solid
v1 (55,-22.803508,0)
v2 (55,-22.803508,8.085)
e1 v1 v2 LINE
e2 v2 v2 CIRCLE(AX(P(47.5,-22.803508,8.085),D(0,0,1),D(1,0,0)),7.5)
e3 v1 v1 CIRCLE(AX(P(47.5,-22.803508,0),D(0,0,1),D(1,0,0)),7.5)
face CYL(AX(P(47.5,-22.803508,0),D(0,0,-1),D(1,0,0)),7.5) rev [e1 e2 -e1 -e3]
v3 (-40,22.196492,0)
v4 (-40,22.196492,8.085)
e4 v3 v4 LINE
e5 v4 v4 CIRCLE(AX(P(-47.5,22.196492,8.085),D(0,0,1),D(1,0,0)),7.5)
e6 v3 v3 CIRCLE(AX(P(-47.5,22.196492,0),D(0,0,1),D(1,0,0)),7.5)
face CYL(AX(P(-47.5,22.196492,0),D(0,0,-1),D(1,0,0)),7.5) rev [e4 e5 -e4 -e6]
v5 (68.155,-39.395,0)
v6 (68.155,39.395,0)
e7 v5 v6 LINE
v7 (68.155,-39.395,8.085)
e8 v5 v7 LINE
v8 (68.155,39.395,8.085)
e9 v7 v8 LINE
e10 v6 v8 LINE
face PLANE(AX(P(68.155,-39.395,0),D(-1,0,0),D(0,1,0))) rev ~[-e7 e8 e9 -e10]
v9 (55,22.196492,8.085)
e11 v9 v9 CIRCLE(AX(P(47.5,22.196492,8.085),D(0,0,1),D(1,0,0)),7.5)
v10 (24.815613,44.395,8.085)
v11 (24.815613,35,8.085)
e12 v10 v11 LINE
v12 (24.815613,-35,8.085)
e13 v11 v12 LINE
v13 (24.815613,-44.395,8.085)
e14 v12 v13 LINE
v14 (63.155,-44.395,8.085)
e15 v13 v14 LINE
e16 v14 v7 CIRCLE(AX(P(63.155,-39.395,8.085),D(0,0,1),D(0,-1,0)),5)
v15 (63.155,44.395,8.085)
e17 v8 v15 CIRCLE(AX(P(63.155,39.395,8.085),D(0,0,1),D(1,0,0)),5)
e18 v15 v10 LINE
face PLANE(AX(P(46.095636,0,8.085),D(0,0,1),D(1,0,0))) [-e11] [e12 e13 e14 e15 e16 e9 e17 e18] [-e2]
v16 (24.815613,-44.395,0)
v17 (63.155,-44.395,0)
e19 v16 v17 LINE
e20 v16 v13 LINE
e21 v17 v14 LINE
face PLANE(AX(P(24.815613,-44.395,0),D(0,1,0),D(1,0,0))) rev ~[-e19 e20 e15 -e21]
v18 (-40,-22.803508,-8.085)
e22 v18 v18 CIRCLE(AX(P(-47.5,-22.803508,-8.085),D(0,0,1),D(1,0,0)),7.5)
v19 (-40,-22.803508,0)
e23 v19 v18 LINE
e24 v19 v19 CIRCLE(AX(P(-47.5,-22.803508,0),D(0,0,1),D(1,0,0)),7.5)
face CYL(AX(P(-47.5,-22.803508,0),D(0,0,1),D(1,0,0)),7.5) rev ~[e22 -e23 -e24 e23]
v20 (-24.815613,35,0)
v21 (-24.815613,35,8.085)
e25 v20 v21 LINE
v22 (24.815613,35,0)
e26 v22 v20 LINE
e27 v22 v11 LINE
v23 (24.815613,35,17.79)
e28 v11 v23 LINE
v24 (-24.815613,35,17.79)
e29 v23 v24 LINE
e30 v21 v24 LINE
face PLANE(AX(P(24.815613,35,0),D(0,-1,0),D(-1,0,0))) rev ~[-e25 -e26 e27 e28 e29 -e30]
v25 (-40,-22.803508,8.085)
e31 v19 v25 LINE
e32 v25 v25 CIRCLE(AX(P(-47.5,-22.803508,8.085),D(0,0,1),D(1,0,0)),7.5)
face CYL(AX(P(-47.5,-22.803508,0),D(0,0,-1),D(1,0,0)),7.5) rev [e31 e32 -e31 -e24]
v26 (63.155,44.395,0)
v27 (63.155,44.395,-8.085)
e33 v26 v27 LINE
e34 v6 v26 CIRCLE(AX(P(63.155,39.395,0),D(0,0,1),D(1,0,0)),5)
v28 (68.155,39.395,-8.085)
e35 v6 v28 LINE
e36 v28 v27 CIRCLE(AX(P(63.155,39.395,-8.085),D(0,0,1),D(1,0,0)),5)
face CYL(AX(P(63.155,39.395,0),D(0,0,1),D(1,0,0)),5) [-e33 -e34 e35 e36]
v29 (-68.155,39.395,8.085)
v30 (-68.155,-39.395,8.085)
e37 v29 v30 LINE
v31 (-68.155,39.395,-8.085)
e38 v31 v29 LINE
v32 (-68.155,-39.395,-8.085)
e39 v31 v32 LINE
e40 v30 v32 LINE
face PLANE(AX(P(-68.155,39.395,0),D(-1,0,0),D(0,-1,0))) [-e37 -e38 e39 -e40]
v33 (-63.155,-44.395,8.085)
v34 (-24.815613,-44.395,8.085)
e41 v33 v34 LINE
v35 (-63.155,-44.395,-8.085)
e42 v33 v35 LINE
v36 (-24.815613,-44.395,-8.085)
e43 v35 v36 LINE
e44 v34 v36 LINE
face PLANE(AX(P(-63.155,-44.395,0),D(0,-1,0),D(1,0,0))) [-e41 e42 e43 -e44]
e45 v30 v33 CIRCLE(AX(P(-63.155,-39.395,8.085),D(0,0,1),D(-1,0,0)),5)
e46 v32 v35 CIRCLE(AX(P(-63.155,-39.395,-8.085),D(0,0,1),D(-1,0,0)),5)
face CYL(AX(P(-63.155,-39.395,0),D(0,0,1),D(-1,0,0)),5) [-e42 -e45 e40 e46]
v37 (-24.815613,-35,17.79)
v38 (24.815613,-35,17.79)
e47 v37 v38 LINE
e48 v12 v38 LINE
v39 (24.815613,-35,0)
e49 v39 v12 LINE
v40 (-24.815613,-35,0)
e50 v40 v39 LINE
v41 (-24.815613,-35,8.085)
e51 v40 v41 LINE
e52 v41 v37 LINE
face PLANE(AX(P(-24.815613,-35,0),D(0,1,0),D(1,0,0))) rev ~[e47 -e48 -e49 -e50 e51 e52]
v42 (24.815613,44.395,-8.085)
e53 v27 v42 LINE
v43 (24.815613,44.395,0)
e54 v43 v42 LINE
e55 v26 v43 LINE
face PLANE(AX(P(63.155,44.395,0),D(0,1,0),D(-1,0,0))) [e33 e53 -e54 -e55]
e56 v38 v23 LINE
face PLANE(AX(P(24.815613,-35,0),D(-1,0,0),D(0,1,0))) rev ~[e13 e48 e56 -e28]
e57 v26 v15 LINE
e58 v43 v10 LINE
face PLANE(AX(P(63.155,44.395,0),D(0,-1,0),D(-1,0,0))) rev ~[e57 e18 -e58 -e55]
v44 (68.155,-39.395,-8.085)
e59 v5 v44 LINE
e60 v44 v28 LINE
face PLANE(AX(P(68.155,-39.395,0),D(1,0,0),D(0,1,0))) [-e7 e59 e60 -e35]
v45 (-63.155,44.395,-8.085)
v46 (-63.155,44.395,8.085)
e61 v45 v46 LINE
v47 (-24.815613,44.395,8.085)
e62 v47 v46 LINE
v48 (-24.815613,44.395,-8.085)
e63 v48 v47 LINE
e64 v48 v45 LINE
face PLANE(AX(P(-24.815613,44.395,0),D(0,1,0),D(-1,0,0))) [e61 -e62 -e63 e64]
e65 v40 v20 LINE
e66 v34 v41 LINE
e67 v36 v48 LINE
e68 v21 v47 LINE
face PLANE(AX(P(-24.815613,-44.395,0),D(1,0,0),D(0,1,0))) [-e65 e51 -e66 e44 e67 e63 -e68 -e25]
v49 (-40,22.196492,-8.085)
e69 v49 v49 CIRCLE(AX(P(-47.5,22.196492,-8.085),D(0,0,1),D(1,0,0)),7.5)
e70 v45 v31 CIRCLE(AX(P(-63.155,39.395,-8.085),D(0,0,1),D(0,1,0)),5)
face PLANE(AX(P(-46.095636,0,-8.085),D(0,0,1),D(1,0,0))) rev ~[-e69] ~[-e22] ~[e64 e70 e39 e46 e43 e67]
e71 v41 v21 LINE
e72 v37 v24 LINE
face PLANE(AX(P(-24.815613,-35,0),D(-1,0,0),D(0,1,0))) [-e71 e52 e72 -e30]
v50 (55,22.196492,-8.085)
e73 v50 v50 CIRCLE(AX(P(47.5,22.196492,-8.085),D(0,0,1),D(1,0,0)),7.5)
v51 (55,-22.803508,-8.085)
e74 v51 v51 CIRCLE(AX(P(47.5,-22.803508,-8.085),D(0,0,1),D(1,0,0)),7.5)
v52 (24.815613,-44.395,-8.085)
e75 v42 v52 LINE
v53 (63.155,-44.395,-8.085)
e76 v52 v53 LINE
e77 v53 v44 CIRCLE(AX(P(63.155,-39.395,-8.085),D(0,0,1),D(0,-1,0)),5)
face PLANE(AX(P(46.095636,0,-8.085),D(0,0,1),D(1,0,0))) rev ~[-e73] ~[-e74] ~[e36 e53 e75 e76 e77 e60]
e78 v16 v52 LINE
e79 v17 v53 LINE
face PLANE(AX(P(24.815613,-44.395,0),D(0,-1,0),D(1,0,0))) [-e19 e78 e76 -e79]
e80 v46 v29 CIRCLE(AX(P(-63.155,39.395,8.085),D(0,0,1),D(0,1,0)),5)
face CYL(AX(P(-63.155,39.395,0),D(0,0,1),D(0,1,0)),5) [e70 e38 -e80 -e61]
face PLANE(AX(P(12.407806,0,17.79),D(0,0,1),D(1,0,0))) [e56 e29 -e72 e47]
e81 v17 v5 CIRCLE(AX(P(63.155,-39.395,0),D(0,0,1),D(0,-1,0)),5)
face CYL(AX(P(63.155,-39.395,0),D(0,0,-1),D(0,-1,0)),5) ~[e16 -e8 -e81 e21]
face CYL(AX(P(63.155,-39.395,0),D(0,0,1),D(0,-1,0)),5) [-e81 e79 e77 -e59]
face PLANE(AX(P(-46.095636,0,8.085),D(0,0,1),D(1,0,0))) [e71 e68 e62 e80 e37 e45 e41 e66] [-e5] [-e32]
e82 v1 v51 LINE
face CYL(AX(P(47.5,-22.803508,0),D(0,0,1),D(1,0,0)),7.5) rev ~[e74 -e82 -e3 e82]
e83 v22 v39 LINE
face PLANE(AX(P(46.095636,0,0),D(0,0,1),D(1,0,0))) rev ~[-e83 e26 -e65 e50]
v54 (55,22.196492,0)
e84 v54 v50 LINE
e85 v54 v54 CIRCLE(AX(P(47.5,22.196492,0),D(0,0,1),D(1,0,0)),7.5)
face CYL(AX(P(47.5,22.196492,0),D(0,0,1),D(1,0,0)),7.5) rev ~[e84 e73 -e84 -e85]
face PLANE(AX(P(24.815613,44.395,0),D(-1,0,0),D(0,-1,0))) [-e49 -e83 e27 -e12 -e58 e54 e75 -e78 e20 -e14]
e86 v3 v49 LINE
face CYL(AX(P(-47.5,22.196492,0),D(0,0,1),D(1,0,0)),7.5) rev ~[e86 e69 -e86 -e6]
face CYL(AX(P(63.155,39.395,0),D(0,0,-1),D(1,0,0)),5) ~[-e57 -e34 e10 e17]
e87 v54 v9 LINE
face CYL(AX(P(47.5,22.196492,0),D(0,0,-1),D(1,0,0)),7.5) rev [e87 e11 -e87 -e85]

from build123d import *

# Parameters (mm, degrees)
F0_W     = 24.8156127766
F0_H     = 70
F1_DEPTH = 17.79
F0_R     = 7.5
F2_DEPTH = 8.085
F3_DEPTH = 8.085


with BuildPart() as f1:
    # F0 (on Top) → F1 (new body)
    with BuildSketch(Plane.XY):
        with Locations((12.4078063883, 0)):
            Rectangle(F0_W, F0_H)
        with Locations((-12.4078063883, 0)):
            Rectangle(F0_W, F0_H)
    extrude(amount=F1_DEPTH)

    # F0 (on Top) → F2 (join)
    with BuildSketch(Plane.XY):
        with BuildLine():
            Line((24.8156127766, 35), (24.8156127766, -35))
            Line((24.8156127766, -35), (24.8156127766, -44.395))
            Line((24.8156127766, -44.395), (63.155, -44.395))
            ThreePointArc((63.155, -44.395), (66.6905339059, -42.9305339059), (68.155, -39.395))
            Line((68.155, -39.395), (68.155, 39.395))
            ThreePointArc((68.155, 39.395), (66.6905339059, 42.9305339059), (63.155, 44.395))
            Line((63.155, 44.395), (24.8156127766, 44.395))
            Line((24.8156127766, 44.395), (24.8156127766, 35))
        make_face()
        with Locations((47.5, -22.8035077453)):
            Circle(F0_R, mode=Mode.SUBTRACT)
        with Locations((47.5, 22.1964922547)):
            Circle(F0_R, mode=Mode.SUBTRACT)
        with BuildLine():
            Line((-24.8156127766, -44.395), (-24.8156127766, -35))
            Line((-24.8156127766, -35), (-24.8156127766, 35))
            Line((-24.8156127766, 35), (-24.8156127766, 44.395))
            Line((-24.8156127766, 44.395), (-63.155, 44.395))
            ThreePointArc((-63.155, 44.395), (-66.6905339059, 42.9305339059), (-68.155, 39.395))
            Line((-68.155, 39.395), (-68.155, -39.395))
            ThreePointArc((-68.155, -39.395), (-66.6905339059, -42.9305339059), (-63.155, -44.395))
            Line((-63.155, -44.395), (-24.8156127766, -44.395))
        make_face()
        with Locations((-47.5, -22.8035077453)):
            Circle(F0_R, mode=Mode.SUBTRACT)
        with Locations((-47.5, 22.1964922547)):
            Circle(F0_R, mode=Mode.SUBTRACT)
    extrude(amount=F2_DEPTH)

    # F0 (on Top) → F3 (join)
    with BuildSketch(Plane.XY):
        with BuildLine():
            Line((-24.8156127766, -44.395), (-24.8156127766, -35))
            Line((-24.8156127766, -35), (-24.8156127766, 35))
            Line((-24.8156127766, 35), (-24.8156127766, 44.395))
            Line((-24.8156127766, 44.395), (-63.155, 44.395))
            ThreePointArc((-63.155, 44.395), (-66.6905339059, 42.9305339059), (-68.155, 39.395))
            Line((-68.155, 39.395), (-68.155, -39.395))
            ThreePointArc((-68.155, -39.395), (-66.6905339059, -42.9305339059), (-63.155, -44.395))
            Line((-63.155, -44.395), (-24.8156127766, -44.395))
        make_face()
        with Locations((-47.5, -22.8035077453)):
            Circle(F0_R, mode=Mode.SUBTRACT)
        with Locations((-47.5, 22.1964922547)):
            Circle(F0_R, mode=Mode.SUBTRACT)
        with BuildLine():
            Line((24.8156127766, 35), (24.8156127766, -35))
            Line((24.8156127766, -35), (24.8156127766, -44.395))
            Line((24.8156127766, -44.395), (63.155, -44.395))
            ThreePointArc((63.155, -44.395), (66.6905339059, -42.9305339059), (68.155, -39.395))
            Line((68.155, -39.395), (68.155, 39.395))
            ThreePointArc((68.155, 39.395), (66.6905339059, 42.9305339059), (63.155, 44.395))
            Line((63.155, 44.395), (24.8156127766, 44.395))
            Line((24.8156127766, 44.395), (24.8156127766, 35))
        make_face()
        with Locations((47.5, -22.8035077453)):
            Circle(F0_R, mode=Mode.SUBTRACT)
        with Locations((47.5, 22.1964922547)):
            Circle(F0_R, mode=Mode.SUBTRACT)
    extrude(amount=-F3_DEPTH)


solid = f1.part
